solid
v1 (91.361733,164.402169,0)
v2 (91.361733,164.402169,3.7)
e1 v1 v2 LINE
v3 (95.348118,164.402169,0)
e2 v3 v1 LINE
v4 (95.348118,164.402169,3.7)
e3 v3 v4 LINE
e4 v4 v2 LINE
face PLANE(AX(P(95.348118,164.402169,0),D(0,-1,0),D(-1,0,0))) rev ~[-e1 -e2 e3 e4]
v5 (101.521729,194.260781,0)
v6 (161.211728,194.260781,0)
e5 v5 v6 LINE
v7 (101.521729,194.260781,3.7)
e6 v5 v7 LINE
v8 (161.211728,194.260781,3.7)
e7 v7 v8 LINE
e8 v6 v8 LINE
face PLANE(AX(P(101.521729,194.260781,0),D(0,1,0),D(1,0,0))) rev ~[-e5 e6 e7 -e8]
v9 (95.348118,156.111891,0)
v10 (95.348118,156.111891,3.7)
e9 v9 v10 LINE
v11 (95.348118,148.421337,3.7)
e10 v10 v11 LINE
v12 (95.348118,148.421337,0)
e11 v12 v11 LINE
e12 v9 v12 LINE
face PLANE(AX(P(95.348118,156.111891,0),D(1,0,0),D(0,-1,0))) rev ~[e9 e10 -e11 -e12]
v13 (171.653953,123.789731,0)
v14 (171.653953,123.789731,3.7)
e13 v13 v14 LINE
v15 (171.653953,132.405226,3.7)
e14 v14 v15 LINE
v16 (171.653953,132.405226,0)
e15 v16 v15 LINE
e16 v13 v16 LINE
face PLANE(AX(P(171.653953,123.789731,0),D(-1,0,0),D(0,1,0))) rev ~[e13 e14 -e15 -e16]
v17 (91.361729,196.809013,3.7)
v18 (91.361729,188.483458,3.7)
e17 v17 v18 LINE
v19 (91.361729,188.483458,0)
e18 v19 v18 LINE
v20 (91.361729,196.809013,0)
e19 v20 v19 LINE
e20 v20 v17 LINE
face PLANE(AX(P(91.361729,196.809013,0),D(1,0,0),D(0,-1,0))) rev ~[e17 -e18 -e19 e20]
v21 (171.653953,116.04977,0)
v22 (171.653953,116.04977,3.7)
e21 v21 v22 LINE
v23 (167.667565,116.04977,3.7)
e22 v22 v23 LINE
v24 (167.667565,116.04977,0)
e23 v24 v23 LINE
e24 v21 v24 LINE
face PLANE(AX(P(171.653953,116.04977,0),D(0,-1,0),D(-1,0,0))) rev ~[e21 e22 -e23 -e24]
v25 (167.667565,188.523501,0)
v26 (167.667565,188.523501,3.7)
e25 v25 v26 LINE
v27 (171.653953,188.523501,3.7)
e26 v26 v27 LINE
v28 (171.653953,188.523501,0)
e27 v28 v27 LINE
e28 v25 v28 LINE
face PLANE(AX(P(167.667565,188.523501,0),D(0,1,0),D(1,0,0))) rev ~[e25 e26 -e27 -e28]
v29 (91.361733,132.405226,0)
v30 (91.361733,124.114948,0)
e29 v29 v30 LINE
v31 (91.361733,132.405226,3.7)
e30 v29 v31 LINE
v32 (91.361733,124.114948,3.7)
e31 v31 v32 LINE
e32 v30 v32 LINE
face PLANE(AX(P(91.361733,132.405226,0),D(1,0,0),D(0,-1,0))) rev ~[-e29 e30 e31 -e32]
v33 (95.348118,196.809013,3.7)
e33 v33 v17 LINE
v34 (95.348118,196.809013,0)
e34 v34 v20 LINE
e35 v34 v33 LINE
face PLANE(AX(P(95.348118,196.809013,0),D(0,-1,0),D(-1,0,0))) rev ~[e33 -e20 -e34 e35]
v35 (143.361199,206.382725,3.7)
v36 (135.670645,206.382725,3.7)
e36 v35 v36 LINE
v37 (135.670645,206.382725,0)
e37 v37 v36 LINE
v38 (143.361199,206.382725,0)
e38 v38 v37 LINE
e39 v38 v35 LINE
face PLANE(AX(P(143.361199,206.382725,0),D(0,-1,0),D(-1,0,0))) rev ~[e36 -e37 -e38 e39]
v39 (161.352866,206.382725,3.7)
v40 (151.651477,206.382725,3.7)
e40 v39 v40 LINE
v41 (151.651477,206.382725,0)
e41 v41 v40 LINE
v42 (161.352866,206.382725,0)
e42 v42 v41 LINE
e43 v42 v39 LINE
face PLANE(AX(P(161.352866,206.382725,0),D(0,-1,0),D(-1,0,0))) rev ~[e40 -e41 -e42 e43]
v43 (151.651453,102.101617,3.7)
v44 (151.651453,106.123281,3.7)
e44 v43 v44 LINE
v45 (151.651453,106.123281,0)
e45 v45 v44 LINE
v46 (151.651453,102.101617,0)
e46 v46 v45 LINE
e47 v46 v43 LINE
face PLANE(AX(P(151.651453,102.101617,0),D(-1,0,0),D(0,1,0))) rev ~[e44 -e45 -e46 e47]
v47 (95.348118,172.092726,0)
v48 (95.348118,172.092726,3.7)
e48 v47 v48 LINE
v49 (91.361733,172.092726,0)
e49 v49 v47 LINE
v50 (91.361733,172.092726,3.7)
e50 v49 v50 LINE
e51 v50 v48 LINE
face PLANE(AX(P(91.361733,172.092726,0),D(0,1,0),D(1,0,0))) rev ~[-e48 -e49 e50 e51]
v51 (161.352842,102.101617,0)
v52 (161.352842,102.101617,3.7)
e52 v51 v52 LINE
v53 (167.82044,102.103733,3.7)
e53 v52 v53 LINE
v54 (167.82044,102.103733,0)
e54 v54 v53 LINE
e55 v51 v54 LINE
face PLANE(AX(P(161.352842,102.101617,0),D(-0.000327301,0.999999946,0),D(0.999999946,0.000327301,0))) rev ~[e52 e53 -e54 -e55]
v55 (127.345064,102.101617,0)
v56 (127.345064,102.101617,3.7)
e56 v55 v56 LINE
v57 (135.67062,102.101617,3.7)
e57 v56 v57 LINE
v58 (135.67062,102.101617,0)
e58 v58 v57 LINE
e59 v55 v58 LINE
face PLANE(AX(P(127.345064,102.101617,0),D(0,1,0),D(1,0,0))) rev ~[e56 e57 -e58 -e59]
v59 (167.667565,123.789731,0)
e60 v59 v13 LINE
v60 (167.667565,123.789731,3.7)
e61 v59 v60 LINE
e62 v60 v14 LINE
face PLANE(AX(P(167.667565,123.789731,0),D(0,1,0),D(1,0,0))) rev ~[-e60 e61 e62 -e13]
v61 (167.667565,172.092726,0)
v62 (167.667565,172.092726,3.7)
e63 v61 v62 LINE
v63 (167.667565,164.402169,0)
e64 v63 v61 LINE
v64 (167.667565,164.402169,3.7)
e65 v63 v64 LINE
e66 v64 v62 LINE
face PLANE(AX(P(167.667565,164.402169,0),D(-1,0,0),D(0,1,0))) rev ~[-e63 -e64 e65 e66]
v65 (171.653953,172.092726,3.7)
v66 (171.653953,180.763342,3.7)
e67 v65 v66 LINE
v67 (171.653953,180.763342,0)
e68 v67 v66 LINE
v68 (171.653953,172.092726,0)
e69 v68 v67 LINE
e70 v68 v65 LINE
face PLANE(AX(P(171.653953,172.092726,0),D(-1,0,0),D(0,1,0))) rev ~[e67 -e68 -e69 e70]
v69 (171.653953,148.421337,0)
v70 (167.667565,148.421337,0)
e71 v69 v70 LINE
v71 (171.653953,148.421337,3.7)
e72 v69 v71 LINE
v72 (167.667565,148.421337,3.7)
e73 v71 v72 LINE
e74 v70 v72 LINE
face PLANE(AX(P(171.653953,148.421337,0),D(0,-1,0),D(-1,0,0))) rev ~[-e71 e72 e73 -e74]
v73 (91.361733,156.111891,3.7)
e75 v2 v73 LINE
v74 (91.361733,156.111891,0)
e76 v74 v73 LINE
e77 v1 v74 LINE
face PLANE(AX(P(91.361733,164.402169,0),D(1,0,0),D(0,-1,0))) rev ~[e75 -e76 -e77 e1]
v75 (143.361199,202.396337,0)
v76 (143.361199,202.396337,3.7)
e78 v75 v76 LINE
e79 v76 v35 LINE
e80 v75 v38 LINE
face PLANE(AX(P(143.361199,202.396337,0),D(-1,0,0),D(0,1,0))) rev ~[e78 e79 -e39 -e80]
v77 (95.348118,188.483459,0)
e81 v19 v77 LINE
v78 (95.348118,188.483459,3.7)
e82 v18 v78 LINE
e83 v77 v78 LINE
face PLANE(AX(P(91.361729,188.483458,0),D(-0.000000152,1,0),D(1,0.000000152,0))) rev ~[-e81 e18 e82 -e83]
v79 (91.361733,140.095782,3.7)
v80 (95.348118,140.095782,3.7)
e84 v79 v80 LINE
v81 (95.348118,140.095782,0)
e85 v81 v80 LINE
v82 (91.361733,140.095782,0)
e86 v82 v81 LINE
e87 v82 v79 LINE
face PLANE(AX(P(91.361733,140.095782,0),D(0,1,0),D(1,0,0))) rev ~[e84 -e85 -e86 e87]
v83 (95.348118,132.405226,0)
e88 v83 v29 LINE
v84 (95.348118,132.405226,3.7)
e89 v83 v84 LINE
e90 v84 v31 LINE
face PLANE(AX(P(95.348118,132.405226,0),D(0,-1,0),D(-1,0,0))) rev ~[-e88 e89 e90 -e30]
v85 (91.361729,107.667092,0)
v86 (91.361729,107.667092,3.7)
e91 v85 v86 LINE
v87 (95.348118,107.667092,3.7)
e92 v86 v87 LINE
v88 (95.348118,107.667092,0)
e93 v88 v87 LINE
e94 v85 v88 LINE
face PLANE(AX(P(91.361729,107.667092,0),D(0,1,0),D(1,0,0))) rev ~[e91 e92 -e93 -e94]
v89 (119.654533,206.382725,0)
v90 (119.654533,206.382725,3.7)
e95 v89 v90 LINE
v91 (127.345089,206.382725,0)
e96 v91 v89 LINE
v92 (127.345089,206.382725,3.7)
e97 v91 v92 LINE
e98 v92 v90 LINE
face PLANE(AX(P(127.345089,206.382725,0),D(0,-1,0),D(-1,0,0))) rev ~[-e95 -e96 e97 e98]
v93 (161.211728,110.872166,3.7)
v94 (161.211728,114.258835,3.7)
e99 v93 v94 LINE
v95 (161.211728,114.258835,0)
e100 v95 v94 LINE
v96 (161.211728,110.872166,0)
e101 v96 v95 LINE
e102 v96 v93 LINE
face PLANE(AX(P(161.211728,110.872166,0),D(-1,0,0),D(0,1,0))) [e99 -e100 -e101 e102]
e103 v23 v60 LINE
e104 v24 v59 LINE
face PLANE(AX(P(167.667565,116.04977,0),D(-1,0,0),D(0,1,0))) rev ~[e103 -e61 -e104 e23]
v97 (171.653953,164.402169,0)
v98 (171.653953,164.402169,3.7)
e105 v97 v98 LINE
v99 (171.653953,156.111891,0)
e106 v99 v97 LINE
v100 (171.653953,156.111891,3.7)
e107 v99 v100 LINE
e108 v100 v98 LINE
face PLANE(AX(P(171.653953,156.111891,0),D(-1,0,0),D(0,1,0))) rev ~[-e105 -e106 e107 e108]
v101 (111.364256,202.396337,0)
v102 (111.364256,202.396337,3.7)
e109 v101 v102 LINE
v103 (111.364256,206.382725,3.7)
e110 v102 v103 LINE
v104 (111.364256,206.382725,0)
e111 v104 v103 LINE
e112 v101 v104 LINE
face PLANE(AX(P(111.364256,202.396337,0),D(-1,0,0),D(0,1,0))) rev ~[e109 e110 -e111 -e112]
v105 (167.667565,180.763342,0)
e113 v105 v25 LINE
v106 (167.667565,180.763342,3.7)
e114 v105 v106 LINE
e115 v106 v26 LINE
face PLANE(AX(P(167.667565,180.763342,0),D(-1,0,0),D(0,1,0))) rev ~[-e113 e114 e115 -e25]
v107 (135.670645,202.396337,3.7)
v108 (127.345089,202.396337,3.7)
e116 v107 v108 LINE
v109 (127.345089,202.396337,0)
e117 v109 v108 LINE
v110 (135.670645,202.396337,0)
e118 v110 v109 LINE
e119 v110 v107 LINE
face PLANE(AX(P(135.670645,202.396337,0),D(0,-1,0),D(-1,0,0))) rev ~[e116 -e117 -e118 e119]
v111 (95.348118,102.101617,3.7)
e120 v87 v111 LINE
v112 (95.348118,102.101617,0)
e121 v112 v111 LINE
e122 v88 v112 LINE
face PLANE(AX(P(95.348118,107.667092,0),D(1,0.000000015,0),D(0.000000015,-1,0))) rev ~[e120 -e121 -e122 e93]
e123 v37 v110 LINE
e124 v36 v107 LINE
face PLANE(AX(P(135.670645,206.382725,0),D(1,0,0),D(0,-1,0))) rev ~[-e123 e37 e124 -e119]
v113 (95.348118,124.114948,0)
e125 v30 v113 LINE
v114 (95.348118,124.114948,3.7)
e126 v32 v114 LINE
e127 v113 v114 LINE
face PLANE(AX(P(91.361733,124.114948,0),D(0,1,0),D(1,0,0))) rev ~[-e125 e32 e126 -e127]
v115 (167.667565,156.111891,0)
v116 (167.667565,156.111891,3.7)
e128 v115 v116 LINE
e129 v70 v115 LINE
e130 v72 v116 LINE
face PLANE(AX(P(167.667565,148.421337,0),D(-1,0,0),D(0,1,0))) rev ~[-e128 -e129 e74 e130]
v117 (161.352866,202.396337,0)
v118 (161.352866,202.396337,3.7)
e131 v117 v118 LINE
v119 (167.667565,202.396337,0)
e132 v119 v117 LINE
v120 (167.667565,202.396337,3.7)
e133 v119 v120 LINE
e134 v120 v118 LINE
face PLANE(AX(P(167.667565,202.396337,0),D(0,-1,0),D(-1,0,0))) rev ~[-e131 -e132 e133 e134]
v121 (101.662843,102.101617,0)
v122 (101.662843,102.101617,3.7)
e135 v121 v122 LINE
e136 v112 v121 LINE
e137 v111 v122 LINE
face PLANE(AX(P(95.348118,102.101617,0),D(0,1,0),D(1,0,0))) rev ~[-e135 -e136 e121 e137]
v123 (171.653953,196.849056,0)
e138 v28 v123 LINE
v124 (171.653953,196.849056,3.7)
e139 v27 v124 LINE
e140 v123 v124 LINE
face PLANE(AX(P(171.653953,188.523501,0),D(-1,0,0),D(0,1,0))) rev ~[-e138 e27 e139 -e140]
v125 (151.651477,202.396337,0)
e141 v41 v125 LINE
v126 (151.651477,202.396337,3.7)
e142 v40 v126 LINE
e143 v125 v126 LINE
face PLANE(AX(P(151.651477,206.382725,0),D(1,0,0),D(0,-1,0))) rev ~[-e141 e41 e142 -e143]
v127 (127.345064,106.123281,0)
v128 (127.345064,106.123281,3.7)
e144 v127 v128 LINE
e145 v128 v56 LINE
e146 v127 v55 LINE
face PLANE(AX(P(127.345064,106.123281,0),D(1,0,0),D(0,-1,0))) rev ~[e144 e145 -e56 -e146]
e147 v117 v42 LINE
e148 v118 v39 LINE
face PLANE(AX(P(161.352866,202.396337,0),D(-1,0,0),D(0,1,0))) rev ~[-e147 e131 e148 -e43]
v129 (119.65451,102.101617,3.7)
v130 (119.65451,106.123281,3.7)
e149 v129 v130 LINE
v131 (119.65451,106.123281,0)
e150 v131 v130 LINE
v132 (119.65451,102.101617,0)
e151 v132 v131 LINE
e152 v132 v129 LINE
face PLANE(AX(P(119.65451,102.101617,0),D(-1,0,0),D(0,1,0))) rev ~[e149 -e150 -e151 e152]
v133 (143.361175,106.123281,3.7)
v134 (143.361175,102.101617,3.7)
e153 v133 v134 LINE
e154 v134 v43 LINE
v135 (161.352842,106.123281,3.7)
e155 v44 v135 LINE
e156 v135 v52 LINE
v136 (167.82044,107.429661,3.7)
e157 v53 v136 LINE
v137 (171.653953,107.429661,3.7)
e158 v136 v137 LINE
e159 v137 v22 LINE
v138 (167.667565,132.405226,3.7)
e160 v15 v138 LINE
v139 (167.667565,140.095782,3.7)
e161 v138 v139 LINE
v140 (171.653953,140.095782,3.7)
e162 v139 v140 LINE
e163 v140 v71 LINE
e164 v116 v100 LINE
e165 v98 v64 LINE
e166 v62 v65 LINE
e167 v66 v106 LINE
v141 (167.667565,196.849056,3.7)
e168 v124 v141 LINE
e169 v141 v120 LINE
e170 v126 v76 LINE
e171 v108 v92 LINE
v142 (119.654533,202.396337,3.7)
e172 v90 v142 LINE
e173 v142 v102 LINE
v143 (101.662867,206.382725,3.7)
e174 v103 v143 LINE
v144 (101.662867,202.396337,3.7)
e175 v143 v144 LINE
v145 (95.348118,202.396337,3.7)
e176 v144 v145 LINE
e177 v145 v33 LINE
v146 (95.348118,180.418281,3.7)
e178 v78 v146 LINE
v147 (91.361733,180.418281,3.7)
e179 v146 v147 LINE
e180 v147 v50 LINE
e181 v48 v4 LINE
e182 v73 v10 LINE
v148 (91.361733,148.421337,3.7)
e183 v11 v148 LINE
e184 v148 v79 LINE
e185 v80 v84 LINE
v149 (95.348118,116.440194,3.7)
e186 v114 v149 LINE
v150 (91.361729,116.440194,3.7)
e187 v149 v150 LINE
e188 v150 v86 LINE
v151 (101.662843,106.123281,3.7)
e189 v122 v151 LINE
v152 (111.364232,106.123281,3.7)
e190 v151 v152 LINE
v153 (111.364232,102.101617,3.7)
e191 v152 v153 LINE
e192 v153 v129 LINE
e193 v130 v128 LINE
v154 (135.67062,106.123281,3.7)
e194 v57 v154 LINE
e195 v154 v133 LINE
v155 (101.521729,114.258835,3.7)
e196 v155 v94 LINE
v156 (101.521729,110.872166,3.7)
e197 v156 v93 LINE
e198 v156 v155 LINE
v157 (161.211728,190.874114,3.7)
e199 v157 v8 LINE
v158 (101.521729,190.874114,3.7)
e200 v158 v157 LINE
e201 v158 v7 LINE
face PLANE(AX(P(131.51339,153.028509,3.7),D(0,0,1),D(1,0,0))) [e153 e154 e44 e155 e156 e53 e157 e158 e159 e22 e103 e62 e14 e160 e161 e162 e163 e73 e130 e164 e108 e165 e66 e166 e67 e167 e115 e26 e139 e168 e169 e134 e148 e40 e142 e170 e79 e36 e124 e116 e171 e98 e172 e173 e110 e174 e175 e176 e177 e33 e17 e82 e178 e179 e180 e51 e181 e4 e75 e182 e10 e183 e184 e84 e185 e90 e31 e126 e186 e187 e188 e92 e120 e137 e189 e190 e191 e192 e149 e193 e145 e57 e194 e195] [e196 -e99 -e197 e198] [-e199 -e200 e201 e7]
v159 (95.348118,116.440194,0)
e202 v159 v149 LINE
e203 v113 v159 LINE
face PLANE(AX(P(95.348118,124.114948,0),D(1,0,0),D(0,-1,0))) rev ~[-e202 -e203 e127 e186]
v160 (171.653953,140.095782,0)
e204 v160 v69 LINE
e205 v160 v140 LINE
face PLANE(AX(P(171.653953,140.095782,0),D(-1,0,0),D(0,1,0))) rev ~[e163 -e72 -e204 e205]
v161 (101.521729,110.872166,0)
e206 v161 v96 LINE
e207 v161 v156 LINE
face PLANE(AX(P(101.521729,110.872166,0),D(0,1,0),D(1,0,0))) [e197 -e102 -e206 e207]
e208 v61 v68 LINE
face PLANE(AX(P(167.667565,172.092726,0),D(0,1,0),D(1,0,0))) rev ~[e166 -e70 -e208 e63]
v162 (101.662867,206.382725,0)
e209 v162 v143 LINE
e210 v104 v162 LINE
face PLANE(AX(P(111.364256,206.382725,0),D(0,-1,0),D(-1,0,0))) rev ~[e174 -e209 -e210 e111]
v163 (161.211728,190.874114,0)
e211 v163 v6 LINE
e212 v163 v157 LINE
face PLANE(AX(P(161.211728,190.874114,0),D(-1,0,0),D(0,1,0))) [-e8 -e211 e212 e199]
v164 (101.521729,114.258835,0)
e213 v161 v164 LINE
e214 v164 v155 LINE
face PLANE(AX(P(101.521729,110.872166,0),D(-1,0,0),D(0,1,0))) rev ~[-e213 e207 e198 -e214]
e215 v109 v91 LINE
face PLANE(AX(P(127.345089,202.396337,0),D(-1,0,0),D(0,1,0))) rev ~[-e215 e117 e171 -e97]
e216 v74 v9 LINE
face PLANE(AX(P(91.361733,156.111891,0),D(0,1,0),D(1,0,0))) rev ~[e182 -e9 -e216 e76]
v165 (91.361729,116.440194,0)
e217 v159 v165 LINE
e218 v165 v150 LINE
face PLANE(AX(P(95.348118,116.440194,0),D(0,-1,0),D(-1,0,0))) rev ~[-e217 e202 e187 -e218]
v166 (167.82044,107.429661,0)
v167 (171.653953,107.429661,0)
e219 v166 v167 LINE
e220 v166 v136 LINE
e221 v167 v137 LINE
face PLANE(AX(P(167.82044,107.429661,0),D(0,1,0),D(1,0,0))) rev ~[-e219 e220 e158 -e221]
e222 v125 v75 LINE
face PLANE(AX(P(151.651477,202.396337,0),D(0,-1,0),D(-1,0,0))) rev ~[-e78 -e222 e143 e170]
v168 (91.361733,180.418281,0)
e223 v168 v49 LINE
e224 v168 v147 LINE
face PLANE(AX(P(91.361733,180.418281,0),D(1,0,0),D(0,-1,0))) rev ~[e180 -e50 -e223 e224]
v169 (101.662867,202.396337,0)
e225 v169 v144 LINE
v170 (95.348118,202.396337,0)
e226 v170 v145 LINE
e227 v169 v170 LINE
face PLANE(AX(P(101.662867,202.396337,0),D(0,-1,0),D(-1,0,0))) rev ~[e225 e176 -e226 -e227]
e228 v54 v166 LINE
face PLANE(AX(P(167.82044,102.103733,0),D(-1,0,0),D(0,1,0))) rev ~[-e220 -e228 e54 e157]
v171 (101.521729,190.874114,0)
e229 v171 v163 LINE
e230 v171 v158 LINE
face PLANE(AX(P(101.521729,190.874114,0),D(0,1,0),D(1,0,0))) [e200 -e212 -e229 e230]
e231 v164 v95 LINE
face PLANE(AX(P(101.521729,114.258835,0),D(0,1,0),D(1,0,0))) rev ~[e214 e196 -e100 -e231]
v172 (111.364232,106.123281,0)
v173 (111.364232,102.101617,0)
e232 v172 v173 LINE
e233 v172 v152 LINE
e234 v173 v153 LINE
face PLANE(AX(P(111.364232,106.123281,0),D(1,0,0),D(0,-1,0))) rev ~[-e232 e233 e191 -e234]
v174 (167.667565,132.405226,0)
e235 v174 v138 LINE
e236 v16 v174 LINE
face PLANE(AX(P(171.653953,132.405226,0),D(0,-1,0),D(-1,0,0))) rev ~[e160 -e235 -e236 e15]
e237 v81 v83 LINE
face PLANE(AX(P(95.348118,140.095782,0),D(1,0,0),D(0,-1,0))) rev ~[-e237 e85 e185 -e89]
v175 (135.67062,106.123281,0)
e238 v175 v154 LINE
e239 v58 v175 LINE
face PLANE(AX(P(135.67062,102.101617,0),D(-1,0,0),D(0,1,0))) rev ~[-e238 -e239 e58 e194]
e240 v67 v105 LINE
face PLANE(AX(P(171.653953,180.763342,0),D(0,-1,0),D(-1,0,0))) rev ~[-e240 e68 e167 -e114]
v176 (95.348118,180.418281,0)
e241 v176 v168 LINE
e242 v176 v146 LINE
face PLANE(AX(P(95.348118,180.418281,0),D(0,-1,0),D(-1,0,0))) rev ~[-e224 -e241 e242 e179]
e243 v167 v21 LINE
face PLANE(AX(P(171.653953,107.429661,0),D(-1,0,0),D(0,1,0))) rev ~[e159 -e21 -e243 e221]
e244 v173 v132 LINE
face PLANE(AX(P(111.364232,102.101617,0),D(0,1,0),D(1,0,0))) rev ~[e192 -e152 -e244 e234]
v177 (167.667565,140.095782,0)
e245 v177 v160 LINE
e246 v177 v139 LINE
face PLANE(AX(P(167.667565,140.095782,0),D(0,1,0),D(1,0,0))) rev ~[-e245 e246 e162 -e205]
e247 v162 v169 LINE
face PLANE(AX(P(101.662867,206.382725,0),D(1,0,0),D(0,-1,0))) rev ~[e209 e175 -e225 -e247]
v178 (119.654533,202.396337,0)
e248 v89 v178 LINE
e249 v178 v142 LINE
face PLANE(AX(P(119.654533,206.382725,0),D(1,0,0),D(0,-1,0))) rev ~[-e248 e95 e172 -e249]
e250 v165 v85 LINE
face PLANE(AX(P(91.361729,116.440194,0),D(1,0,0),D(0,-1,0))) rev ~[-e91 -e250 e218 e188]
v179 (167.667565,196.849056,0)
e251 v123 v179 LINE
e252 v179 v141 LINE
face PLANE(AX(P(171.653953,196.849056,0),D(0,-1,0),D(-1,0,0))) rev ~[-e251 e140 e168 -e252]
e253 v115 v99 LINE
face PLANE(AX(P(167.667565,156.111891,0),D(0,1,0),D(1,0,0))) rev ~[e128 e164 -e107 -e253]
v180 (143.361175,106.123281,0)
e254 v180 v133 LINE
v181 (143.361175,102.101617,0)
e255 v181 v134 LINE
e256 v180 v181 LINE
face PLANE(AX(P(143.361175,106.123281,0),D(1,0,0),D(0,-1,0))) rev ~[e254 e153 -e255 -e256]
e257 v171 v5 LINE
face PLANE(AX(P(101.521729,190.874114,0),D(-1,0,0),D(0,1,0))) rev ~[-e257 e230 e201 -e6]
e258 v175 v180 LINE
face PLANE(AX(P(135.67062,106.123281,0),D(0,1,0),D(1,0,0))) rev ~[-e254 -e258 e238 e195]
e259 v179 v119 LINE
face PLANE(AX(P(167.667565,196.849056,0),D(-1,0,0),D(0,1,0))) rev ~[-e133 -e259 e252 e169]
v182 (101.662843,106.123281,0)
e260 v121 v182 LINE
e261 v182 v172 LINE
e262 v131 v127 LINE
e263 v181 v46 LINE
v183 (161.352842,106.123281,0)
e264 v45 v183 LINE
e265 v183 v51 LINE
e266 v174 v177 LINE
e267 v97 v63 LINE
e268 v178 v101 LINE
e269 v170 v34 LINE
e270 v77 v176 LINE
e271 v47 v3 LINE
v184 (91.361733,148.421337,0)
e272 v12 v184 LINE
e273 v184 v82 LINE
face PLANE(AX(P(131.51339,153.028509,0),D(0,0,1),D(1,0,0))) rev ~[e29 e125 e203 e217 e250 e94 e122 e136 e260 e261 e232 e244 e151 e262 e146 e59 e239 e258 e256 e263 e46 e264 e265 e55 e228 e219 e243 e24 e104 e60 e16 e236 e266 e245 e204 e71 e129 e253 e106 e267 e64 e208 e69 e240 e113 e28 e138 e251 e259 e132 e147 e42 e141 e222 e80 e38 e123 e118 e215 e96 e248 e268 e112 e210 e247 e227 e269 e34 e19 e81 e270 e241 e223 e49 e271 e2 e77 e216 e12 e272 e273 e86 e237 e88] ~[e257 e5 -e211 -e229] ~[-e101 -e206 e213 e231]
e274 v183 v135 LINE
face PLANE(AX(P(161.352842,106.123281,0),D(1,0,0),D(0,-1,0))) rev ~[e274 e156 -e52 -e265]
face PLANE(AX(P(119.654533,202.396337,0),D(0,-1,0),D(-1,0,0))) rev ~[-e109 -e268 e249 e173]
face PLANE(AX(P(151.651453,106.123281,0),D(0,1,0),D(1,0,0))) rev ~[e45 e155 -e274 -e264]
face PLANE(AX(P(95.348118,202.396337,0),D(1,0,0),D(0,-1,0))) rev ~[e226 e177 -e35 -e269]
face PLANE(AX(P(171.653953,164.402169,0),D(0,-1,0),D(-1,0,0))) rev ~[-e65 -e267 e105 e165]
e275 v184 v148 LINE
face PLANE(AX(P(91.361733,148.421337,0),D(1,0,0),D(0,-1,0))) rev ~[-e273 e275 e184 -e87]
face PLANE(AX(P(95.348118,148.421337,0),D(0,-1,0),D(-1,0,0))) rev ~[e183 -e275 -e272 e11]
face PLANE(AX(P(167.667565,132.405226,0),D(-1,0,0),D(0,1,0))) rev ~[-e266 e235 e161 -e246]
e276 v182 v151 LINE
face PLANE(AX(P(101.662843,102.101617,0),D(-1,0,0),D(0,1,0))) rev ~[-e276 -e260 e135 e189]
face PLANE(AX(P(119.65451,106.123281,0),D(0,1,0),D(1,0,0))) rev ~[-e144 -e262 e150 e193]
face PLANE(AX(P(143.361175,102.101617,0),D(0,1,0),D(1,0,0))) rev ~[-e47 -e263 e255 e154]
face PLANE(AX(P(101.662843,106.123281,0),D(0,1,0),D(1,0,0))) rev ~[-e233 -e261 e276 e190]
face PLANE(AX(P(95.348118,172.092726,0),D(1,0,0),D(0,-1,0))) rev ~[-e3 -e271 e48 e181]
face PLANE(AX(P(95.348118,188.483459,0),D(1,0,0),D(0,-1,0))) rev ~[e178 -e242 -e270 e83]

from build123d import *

# Parameters (mm, degrees)
MODEL_W             = 59.689998908
MODEL_H             = 3.386668819
MODEL_H_2           = 3.386666801
BOSS_EXTRUDE1_DEPTH = 3.7


with BuildPart() as part:
    # Model → Boss-Extrude1 (new body)
    with BuildSketch(Plane.XY):
        Polygon((171.653953395, 180.763341901), (167.667564776, 180.763341901), (167.667564776, 188.523500843), (171.653953393, 188.523500843), (171.653953393, 196.849055858), (167.667564774, 196.849055858), (167.667564774, 202.396336528), (161.352865562, 202.396336528), (161.352865562, 206.382725147), (151.651476676, 206.382725147), (151.651476676, 202.396336528), (143.3611989, 202.396336528), (143.3611989, 206.382725147), (135.670644961, 206.382725147), (135.670644961, 202.396336528), (127.3450886, 202.396336528), (127.3450886, 206.382725147), (119.654533316, 206.382725147), (119.654533316, 202.396336528), (111.36425554, 202.396336528), (111.36425554, 206.382725147), (101.662866654, 206.382725147), (101.662866654, 202.396336528), (95.348117657, 202.396336528), (95.348117657, 196.809013257), (91.361729039, 196.809013257), (91.361729039, 188.483458242), (95.348117657, 188.483458848), (95.348117657, 180.418280574), (91.361733076, 180.418280574), (91.361733076, 172.092725559), (95.348117657, 172.092725559), (95.348117657, 164.402168929), (91.361733076, 164.402168929), (91.361733076, 156.111891153), (95.348117657, 156.111891153), (95.348117657, 148.421337214), (91.361733076, 148.421337214), (91.361733076, 140.095782199), (95.348117657, 140.095782199), (95.348117657, 132.405225569), (91.361733076, 132.405225569), (91.361733076, 124.114947793), (95.348117574, 124.114947793), (95.348117574, 116.440193769), (91.361728955, 116.440193769), (91.361728955, 107.667091645), (95.348117574, 107.667091645), (95.348117658, 102.101616643), (101.662843109, 102.101616643), (101.662843109, 106.123281156), (111.364231995, 106.123281156), (111.364231995, 102.101616643), (119.654509771, 102.101616643), (119.654509771, 106.123281156), (127.34506371, 106.123281156), (127.34506371, 102.101616643), (135.67062007, 102.101616643), (135.67062007, 106.123281156), (143.361175355, 106.123281156), (143.361175355, 102.101616643), (151.651453131, 102.101616643), (151.651453131, 106.123281156), (161.352842017, 106.123281156), (161.352842017, 102.101616643), (167.820439872, 102.103733493), (167.820439872, 107.429661364), (171.653953395, 107.429661364), (171.653953395, 116.049769541), (167.667564776, 116.049769541), (167.667564776, 123.789730804), (171.653953395, 123.789730804), (171.653953395, 132.405225594), (167.667564776, 132.405225594), (167.667564776, 136.4004416), (167.667564776, 140.095782224), (171.653953395, 140.095782224), (171.653953395, 148.421337239), (167.667564776, 148.421337239), (167.667564776, 153.3044818), (167.667564776, 156.111891178), (171.653953395, 156.111891178), (171.653953395, 164.402168953), (167.667564776, 164.402168953), (167.667564776, 172.092725584), (171.653953395, 172.092725584), align=None)
        with Locations((131.366728222, 112.565500146)):
            Rectangle(MODEL_W, MODEL_H, mode=Mode.SUBTRACT)
        with Locations((131.366728222, 192.567447735)):
            Rectangle(MODEL_W, MODEL_H_2, mode=Mode.SUBTRACT)
    extrude(amount=BOSS_EXTRUDE1_DEPTH)


solid = part.part
